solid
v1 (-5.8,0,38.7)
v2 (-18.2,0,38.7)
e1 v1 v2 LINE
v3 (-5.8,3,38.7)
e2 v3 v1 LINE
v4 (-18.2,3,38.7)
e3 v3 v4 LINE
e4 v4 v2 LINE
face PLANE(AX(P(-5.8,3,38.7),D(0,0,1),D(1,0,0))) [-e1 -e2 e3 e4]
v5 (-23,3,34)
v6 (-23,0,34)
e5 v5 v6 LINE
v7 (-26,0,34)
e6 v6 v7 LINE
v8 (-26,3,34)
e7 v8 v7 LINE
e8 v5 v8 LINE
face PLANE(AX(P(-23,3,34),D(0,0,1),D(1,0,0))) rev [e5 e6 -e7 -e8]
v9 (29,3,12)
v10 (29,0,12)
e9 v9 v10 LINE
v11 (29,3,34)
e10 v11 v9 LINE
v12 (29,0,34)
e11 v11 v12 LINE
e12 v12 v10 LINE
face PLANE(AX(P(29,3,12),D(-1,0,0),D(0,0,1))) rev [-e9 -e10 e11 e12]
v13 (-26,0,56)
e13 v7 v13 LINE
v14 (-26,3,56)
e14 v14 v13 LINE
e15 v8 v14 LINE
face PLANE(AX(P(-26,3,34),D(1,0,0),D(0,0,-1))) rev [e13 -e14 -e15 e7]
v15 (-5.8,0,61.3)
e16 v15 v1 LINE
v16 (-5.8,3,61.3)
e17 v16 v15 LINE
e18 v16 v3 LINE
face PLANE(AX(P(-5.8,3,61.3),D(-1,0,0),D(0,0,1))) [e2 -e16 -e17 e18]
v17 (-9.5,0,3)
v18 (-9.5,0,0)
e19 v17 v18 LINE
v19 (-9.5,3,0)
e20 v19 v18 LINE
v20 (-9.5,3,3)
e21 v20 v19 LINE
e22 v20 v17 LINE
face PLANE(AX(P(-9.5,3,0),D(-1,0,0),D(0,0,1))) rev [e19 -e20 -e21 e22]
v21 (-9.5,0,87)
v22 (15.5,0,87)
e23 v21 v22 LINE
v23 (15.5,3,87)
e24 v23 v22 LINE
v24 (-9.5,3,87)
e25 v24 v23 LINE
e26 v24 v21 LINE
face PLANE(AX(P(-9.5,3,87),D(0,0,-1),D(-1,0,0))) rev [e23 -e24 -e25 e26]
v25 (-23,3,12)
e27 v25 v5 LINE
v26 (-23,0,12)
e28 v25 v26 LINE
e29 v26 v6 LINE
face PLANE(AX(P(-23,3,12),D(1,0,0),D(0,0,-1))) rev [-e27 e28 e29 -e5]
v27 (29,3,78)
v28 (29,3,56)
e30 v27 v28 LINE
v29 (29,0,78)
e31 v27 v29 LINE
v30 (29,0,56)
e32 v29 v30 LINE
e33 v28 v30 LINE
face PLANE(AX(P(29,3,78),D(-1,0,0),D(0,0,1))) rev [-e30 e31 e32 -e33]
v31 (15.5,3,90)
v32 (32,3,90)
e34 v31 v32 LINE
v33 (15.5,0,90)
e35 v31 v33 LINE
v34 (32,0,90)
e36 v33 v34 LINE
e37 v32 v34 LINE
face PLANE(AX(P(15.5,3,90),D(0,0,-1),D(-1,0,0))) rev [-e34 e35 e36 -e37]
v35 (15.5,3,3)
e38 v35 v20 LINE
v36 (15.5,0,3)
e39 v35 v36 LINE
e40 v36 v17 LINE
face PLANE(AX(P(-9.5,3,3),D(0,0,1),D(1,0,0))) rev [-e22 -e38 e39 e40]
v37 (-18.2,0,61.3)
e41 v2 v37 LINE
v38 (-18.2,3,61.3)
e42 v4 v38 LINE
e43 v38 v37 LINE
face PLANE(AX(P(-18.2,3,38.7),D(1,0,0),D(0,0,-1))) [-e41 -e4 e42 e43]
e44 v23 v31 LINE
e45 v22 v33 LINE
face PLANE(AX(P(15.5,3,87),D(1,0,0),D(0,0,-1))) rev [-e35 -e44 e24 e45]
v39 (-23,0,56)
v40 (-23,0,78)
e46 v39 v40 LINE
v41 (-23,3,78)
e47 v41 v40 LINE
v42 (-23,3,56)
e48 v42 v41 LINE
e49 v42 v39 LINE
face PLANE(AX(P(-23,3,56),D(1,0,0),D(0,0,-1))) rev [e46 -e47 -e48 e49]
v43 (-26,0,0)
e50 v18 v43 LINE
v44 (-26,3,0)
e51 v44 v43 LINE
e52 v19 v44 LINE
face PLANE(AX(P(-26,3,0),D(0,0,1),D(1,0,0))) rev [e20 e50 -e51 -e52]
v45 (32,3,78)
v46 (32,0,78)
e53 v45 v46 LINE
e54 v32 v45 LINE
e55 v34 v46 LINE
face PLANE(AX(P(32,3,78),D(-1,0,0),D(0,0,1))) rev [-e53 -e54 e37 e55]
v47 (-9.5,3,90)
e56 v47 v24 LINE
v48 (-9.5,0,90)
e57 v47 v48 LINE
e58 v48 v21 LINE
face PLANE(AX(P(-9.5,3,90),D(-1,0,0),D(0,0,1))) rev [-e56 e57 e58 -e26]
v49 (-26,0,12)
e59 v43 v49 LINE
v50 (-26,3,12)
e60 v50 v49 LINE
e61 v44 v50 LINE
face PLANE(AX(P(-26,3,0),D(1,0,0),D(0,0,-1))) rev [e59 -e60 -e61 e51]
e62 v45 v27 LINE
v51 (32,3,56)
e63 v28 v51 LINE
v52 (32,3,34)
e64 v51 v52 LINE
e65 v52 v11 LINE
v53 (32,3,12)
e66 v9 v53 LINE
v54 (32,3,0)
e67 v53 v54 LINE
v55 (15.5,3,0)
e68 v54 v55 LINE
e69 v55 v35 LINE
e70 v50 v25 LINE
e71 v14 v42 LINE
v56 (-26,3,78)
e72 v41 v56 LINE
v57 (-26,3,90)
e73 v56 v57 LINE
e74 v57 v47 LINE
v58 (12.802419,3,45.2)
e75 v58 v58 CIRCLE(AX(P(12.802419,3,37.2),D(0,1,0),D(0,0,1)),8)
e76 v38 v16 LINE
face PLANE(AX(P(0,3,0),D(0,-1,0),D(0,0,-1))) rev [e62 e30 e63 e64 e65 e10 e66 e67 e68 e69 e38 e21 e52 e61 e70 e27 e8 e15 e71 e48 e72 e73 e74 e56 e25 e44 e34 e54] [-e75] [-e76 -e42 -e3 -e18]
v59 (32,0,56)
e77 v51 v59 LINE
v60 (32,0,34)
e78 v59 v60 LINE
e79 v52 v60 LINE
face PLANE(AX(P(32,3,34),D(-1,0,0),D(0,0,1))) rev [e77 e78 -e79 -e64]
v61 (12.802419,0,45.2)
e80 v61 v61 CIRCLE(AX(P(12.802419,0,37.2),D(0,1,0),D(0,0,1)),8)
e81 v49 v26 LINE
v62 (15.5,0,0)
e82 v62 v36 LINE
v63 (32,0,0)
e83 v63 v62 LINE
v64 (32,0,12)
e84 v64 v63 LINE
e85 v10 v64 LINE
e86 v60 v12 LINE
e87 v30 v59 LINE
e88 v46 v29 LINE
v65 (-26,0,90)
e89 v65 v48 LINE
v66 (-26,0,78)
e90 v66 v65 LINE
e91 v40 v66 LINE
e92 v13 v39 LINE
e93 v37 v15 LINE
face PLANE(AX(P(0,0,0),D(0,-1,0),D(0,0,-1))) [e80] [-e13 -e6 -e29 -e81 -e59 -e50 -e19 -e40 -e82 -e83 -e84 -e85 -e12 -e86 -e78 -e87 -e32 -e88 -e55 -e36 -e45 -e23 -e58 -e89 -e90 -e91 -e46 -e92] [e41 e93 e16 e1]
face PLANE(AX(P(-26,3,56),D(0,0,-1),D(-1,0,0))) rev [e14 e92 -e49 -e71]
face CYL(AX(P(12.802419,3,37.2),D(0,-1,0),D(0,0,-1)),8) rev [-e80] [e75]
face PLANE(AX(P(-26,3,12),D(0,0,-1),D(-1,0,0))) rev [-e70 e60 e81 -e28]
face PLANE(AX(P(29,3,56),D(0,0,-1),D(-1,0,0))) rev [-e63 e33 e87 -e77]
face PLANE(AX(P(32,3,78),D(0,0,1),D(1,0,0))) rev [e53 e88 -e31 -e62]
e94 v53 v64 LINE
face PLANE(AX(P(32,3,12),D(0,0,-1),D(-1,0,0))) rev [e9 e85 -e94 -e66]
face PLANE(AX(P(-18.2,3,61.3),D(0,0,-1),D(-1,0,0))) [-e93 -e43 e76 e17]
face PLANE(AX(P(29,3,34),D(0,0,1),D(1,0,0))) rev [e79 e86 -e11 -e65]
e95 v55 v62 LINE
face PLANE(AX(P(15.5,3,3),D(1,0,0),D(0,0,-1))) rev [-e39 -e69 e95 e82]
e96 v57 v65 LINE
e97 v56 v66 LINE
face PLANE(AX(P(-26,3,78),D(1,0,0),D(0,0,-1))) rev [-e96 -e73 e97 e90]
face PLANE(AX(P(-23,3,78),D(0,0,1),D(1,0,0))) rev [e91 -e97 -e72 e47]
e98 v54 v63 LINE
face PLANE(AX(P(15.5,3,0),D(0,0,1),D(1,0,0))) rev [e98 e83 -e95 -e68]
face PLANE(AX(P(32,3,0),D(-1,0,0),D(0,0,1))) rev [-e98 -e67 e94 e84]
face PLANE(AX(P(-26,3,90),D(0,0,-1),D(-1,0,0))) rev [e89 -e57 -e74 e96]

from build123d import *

# Parameters (mm, degrees)
SKETCH4_R           = 8
SKETCH4_W           = 12.4
SKETCH4_H           = 22.6
BOSS_EXTRUDE2_DEPTH = 3


with BuildPart() as part:
    # Sketch4 → Boss-Extrude2 (new body)
    with BuildSketch(Plane(origin=(0, 0, 0), x_dir=(1, 0, 0), z_dir=(0, 1, 0))):
        Polygon((-26, -90), (-9.5, -90), (-9.5, -87), (15.5, -87), (15.5, -90), (32, -90), (32, -78), (29, -78), (29, -56), (32, -56), (32, -34), (29, -34), (29, -12), (32, -12), (32, 0), (15.5, 0), (15.5, -3), (-9.5, -3), (-9.5, 0), (-26, 0), (-26, -12), (-23, -12), (-23, -34), (-26, -34), (-26, -56), (-23, -56), (-23, -78), (-26, -78), align=None)
        with Locations((12.802419237, -37.2)):
            Circle(SKETCH4_R, mode=Mode.SUBTRACT)
        with Locations((-12, -50)):
            Rectangle(SKETCH4_W, SKETCH4_H, mode=Mode.SUBTRACT)
    extrude(amount=BOSS_EXTRUDE2_DEPTH)


solid = part.part
